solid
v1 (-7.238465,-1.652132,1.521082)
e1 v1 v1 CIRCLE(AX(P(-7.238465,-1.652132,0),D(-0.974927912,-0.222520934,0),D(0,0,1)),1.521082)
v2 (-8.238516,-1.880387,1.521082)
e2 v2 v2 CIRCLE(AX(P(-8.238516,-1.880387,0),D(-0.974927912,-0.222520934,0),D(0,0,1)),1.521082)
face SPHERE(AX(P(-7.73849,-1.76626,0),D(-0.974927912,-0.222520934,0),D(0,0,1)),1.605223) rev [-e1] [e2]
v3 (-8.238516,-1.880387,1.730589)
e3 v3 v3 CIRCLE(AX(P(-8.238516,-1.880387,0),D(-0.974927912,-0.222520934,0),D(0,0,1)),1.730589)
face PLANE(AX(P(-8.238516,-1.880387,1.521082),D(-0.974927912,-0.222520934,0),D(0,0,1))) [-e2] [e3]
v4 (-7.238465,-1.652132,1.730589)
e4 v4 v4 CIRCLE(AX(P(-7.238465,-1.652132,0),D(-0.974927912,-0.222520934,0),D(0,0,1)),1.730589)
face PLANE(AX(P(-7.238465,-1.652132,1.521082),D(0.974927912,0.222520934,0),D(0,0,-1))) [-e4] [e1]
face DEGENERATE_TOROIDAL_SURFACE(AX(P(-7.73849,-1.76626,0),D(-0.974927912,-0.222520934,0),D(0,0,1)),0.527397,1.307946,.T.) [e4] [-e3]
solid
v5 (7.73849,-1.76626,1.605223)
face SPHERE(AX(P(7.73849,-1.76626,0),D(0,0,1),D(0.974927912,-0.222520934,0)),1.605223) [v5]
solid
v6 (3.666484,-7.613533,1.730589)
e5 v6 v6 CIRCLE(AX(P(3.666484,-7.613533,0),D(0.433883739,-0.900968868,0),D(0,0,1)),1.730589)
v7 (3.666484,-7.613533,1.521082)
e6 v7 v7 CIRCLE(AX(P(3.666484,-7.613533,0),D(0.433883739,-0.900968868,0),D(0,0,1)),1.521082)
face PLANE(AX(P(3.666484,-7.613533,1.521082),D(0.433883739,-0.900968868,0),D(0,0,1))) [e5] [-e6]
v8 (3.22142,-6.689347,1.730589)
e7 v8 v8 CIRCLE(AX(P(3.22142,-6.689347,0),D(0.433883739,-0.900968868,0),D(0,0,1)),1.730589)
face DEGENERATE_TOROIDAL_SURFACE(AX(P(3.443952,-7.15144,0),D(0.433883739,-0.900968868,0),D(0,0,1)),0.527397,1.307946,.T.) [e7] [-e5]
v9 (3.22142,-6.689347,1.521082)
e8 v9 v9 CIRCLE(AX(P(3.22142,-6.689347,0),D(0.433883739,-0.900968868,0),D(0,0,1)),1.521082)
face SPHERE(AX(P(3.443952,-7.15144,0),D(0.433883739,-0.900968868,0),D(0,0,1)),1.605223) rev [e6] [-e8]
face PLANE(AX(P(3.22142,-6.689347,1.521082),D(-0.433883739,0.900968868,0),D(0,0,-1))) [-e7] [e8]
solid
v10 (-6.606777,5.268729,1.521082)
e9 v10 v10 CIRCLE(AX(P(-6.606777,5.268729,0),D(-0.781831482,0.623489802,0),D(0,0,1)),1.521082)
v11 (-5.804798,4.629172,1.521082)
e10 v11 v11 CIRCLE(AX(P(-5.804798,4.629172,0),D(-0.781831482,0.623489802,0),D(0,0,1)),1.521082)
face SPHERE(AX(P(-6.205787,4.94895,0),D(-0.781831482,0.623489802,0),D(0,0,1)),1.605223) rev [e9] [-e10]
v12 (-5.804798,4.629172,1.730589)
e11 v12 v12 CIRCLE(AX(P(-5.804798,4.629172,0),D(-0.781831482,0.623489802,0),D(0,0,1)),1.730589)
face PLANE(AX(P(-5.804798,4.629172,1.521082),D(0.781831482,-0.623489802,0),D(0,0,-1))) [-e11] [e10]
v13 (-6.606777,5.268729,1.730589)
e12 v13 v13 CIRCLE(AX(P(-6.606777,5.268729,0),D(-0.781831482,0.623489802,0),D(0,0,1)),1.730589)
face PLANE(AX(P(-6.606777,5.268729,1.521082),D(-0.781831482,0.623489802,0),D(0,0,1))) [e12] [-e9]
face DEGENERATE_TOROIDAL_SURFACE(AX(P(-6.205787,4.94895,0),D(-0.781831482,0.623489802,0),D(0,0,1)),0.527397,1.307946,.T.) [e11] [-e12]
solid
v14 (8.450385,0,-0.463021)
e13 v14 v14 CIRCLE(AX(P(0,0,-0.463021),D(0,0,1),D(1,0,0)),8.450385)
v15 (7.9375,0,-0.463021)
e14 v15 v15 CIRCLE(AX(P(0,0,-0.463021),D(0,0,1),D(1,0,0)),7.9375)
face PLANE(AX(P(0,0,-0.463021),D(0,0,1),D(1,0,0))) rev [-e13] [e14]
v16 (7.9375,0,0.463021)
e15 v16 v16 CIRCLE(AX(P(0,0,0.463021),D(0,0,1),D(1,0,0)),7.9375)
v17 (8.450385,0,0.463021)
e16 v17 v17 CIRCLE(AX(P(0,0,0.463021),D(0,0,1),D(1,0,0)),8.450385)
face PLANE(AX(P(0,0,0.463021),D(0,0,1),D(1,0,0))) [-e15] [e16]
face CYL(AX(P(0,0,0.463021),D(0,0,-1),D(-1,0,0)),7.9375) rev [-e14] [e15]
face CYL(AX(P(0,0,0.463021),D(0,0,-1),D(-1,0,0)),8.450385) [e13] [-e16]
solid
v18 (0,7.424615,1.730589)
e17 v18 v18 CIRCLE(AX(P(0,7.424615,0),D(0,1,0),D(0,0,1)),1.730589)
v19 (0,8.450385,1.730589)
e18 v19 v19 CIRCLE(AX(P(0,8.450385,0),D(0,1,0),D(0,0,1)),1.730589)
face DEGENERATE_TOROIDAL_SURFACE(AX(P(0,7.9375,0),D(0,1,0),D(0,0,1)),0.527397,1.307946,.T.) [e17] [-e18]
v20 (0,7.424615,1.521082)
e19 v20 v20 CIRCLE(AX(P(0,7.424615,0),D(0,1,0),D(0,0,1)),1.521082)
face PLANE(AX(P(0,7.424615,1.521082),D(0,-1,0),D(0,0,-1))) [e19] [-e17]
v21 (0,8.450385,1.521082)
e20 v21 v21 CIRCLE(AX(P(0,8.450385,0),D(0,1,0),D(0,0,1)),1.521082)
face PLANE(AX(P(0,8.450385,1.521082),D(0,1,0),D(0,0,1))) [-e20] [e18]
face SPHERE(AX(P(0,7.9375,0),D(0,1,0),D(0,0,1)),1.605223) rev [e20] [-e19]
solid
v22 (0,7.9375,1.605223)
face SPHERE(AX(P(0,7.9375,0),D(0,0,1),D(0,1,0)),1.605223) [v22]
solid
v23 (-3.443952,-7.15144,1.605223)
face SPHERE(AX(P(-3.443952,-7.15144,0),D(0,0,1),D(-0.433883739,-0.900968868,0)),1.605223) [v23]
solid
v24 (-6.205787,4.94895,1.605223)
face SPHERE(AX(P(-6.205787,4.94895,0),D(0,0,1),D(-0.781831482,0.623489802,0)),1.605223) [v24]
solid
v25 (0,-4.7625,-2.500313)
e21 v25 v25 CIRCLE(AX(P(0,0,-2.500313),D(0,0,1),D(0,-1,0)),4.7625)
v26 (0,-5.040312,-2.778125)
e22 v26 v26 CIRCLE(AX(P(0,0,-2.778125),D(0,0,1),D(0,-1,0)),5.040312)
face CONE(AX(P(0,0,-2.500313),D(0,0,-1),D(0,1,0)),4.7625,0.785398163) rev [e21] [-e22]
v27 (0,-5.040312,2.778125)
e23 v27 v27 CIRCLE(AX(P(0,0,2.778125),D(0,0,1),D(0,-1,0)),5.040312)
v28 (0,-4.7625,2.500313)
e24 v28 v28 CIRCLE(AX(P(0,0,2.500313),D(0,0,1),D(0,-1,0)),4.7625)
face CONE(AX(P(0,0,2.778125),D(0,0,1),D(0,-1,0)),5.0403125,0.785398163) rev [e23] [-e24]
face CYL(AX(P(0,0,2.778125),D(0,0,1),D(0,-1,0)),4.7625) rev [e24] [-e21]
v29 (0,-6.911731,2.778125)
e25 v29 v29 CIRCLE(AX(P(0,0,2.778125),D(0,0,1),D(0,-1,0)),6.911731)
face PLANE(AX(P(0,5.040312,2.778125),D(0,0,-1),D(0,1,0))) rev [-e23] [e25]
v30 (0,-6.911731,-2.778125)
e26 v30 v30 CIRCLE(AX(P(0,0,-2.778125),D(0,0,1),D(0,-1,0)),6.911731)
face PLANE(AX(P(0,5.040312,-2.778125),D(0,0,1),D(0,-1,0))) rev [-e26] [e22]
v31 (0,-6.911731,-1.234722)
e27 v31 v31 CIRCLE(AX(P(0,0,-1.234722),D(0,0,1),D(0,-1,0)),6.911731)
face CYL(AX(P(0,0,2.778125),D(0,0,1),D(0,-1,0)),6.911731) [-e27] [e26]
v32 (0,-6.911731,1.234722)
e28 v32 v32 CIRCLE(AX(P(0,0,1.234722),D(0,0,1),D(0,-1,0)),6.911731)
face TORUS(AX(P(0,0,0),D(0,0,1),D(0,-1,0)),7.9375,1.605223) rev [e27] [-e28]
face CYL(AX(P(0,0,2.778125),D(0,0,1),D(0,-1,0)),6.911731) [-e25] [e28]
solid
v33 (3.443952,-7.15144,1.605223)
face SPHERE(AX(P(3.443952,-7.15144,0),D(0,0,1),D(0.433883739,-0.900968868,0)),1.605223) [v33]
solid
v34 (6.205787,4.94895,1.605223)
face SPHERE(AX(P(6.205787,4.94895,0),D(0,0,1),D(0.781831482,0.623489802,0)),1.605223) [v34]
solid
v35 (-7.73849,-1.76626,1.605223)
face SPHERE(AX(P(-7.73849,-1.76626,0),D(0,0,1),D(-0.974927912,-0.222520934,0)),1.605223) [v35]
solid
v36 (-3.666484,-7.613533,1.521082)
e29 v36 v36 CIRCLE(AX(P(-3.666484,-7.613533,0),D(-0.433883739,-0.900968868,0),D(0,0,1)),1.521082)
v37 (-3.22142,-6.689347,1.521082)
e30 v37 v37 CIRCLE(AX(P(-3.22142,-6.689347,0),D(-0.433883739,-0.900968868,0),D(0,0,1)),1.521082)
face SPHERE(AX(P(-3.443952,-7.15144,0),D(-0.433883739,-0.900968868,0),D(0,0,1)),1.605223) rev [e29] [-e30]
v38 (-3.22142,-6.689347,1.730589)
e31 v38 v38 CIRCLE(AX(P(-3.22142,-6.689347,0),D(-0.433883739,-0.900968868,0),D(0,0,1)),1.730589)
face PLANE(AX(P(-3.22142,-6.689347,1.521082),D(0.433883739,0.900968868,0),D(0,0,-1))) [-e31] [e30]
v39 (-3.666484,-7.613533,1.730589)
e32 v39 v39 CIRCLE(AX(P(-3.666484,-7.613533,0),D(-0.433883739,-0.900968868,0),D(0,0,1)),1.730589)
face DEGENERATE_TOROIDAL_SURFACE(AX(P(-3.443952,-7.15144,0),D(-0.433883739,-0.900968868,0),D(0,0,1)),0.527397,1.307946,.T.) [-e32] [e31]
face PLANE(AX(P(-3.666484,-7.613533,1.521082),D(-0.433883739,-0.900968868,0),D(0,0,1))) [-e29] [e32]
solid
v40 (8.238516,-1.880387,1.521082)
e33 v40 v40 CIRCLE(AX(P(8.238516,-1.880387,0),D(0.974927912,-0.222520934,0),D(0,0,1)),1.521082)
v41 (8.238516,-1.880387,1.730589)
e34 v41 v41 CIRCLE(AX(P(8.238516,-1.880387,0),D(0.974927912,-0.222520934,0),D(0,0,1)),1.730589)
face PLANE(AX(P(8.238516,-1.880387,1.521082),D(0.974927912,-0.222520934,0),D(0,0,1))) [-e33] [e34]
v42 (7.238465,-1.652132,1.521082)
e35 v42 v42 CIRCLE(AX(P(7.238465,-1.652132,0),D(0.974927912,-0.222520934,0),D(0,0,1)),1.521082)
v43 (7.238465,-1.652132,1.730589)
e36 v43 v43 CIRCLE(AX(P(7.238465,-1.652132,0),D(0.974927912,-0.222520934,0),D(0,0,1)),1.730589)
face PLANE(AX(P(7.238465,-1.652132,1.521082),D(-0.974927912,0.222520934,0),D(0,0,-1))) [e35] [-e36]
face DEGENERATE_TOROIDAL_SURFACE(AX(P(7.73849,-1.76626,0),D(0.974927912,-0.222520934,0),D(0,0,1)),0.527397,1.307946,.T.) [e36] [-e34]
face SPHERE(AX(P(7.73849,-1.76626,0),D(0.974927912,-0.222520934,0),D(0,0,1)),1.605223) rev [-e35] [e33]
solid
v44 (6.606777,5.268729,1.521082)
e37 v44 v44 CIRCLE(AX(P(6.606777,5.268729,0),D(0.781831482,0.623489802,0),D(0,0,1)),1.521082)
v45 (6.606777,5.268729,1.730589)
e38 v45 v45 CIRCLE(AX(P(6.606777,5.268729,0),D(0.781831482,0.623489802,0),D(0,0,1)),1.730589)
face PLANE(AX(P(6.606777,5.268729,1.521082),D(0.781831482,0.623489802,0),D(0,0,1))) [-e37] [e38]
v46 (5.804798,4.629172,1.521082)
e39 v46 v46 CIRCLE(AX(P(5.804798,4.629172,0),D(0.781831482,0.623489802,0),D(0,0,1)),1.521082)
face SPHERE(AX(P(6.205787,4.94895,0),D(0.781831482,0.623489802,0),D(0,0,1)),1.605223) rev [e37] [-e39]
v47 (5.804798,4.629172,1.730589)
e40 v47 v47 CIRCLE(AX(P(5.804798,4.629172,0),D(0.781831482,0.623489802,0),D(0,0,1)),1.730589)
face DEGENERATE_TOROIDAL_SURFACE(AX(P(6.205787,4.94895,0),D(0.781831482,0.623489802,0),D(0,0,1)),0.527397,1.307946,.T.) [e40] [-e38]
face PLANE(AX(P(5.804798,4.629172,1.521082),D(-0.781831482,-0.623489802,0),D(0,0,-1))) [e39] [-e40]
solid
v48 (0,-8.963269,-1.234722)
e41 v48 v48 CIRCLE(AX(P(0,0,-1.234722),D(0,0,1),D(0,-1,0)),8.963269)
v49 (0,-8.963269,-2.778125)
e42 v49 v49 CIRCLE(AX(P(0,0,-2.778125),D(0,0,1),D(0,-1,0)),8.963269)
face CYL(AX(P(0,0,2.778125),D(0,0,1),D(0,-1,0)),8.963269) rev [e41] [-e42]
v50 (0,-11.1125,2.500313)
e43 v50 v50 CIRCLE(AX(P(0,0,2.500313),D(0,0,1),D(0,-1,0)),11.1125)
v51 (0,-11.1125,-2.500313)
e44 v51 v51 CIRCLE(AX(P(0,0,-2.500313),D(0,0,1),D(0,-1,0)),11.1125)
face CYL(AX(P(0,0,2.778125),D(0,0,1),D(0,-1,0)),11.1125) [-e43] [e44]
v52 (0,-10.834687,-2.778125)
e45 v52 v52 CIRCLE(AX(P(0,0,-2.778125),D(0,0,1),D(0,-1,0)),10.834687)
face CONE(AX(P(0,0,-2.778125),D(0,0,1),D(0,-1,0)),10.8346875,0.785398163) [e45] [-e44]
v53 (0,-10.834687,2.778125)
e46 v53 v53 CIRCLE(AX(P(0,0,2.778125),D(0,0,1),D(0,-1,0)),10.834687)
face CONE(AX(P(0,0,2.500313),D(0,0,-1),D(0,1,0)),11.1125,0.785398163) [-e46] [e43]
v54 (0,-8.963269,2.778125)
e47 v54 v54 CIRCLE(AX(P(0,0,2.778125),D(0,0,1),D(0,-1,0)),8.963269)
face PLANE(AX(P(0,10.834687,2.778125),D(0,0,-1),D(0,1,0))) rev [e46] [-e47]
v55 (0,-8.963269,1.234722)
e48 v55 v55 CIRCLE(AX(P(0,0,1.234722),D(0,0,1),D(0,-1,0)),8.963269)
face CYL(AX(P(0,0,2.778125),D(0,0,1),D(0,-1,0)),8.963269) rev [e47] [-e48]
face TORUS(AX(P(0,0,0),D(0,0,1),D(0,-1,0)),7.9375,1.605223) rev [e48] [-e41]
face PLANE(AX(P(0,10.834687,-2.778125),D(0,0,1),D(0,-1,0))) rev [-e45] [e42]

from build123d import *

# Parameters (mm, degrees)
CIRPATTERN1_COUNT   = 7
SKETCH9_R           = 8.450384615
SKETCH9_R_2         = 7.9375
BOSS_EXTRUDE1_DEPTH = 0.463020833


with BuildPart() as part:
    # Sketch7 → Revolve6 (revolve)
    with BuildSketch(Plane(origin=(0, 0, 0), x_dir=(0, 0, -1), z_dir=(1, 0, 0))):
        with BuildLine():
            Line((2.5003125, 11.1125), (2.778125, 10.8346875))
            Line((2.778125, 10.8346875), (2.778125, 8.963269231))
            Line((2.778125, 8.963269231), (1.234722222, 8.963269231))
            ThreePointArc((1.234722222, 8.963269231), (0, 9.542723187), (-1.234722222, 8.963269231))
            Line((-1.234722222, 8.963269231), (-2.778125, 8.963269231))
            Line((-2.778125, 8.963269231), (-2.778125, 10.8346875))
            Line((-2.778125, 10.8346875), (-2.5003125, 11.1125))
            Line((-2.5003125, 11.1125), (2.5003125, 11.1125))
        make_face()
    revolve(axis=Axis((0, 0, 2.778125), (0, 0, -1)))


with BuildPart() as body_2:
    # Sketch3 → Revolve3 (revolve)
    with BuildSketch(Plane(origin=(0, 0, 0), x_dir=(0, 0, -1), z_dir=(1, 0, 0))):
        with BuildLine():
            Line((-2.5003125, 4.7625), (-2.778125, 5.0403125))
            Line((-2.778125, 5.0403125), (-2.778125, 6.911730769))
            Line((-2.778125, 6.911730769), (-1.234722222, 6.911730769))
            ThreePointArc((-1.234722222, 6.911730769), (0, 6.332276813), (1.234722222, 6.911730769))
            Line((1.234722222, 6.911730769), (2.778125, 6.911730769))
            Line((2.778125, 6.911730769), (2.778125, 5.0403125))
            Line((2.778125, 5.0403125), (2.5003125, 4.7625))
            Line((2.5003125, 4.7625), (-2.5003125, 4.7625))
        make_face()
    revolve(axis=Axis((0, 0, 2.778125), (0, 0, -1)))


with BuildPart() as body_3:
    # Sketch4 → Revolve4 (revolve)
    with BuildSketch(Plane(origin=(0, 0, 0), x_dir=(0, 0, -1), z_dir=(1, 0, 0))):
        with BuildLine():
            Line((-1.605223187, 7.9375), (1.605223187, 7.9375))
            ThreePointArc((1.605223187, 7.9375), (0, 9.542723187), (-1.605223187, 7.9375))
        make_face()
    revolve(axis=Axis((0, 7.9375, 1.605223187), (0, 0, -1)))


with BuildPart() as body_4:
    # Sketch8 → Revolve7 (revolve)
    with BuildSketch(Plane(origin=(0, 0, 0), x_dir=(0, 0, -1), z_dir=(1, 0, 0))):
        with BuildLine():
            Line((-1.521082132, 8.450384615), (-1.730589277, 8.450384615))
            ThreePointArc((-1.730589277, 8.450384615), (-1.835342849, 7.9375), (-1.730589277, 7.424615385))
            Line((-1.730589277, 7.424615385), (-1.521082132, 7.424615385))
            ThreePointArc((-1.521082132, 7.424615385), (-1.605223187, 7.9375), (-1.521082132, 8.450384615))
        make_face()
    revolve(axis=Axis((0, 11.1125, 0), (0, -1, 0)))


with BuildPart() as cirpattern1_1:
    # CirPattern1: pattern copy
    add(body_4.part.rotate(Axis((0, 0, 0), (0, 0, 1)), 1 * 360 / CIRPATTERN1_COUNT))


with BuildPart() as cirpattern1_2:
    # CirPattern1: pattern copy
    add(body_4.part.rotate(Axis((0, 0, 0), (0, 0, 1)), 2 * 360 / CIRPATTERN1_COUNT))


with BuildPart() as cirpattern1_3:
    # CirPattern1: pattern copy
    add(body_4.part.rotate(Axis((0, 0, 0), (0, 0, 1)), 3 * 360 / CIRPATTERN1_COUNT))


with BuildPart() as cirpattern1_4:
    # CirPattern1: pattern copy
    add(body_4.part.rotate(Axis((0, 0, 0), (0, 0, 1)), 4 * 360 / CIRPATTERN1_COUNT))


with BuildPart() as cirpattern1_5:
    # CirPattern1: pattern copy
    add(body_4.part.rotate(Axis((0, 0, 0), (0, 0, 1)), 5 * 360 / CIRPATTERN1_COUNT))


with BuildPart() as cirpattern1_6:
    # CirPattern1: pattern copy
    add(body_4.part.rotate(Axis((0, 0, 0), (0, 0, 1)), 6 * 360 / CIRPATTERN1_COUNT))


with BuildPart() as cirpattern1_7:
    # CirPattern1: pattern copy
    add(body_3.part.rotate(Axis((0, 0, 0), (0, 0, 1)), 1 * 360 / CIRPATTERN1_COUNT))


with BuildPart() as cirpattern1_8:
    # CirPattern1: pattern copy
    add(body_3.part.rotate(Axis((0, 0, 0), (0, 0, 1)), 2 * 360 / CIRPATTERN1_COUNT))


with BuildPart() as cirpattern1_9:
    # CirPattern1: pattern copy
    add(body_3.part.rotate(Axis((0, 0, 0), (0, 0, 1)), 3 * 360 / CIRPATTERN1_COUNT))


with BuildPart() as cirpattern1_10:
    # CirPattern1: pattern copy
    add(body_3.part.rotate(Axis((0, 0, 0), (0, 0, 1)), 4 * 360 / CIRPATTERN1_COUNT))


with BuildPart() as cirpattern1_11:
    # CirPattern1: pattern copy
    add(body_3.part.rotate(Axis((0, 0, 0), (0, 0, 1)), 5 * 360 / CIRPATTERN1_COUNT))


with BuildPart() as cirpattern1_12:
    # CirPattern1: pattern copy
    add(body_3.part.rotate(Axis((0, 0, 0), (0, 0, 1)), 6 * 360 / CIRPATTERN1_COUNT))


with BuildPart() as body_17:
    # Sketch9 → Boss-Extrude1 (new body, symmetric)
    with BuildSketch(Plane.XY):
        Circle(SKETCH9_R)
        Circle(SKETCH9_R_2, mode=Mode.SUBTRACT)
    extrude(amount=BOSS_EXTRUDE1_DEPTH, both=True)


solid = Compound([part.part, body_2.part, body_3.part, body_4.part, cirpattern1_1.part, cirpattern1_2.part, cirpattern1_3.part, cirpattern1_4.part, cirpattern1_5.part, cirpattern1_6.part, cirpattern1_7.part, cirpattern1_8.part, cirpattern1_9.part, cirpattern1_10.part, cirpattern1_11.part, cirpattern1_12.part, body_17.part])
